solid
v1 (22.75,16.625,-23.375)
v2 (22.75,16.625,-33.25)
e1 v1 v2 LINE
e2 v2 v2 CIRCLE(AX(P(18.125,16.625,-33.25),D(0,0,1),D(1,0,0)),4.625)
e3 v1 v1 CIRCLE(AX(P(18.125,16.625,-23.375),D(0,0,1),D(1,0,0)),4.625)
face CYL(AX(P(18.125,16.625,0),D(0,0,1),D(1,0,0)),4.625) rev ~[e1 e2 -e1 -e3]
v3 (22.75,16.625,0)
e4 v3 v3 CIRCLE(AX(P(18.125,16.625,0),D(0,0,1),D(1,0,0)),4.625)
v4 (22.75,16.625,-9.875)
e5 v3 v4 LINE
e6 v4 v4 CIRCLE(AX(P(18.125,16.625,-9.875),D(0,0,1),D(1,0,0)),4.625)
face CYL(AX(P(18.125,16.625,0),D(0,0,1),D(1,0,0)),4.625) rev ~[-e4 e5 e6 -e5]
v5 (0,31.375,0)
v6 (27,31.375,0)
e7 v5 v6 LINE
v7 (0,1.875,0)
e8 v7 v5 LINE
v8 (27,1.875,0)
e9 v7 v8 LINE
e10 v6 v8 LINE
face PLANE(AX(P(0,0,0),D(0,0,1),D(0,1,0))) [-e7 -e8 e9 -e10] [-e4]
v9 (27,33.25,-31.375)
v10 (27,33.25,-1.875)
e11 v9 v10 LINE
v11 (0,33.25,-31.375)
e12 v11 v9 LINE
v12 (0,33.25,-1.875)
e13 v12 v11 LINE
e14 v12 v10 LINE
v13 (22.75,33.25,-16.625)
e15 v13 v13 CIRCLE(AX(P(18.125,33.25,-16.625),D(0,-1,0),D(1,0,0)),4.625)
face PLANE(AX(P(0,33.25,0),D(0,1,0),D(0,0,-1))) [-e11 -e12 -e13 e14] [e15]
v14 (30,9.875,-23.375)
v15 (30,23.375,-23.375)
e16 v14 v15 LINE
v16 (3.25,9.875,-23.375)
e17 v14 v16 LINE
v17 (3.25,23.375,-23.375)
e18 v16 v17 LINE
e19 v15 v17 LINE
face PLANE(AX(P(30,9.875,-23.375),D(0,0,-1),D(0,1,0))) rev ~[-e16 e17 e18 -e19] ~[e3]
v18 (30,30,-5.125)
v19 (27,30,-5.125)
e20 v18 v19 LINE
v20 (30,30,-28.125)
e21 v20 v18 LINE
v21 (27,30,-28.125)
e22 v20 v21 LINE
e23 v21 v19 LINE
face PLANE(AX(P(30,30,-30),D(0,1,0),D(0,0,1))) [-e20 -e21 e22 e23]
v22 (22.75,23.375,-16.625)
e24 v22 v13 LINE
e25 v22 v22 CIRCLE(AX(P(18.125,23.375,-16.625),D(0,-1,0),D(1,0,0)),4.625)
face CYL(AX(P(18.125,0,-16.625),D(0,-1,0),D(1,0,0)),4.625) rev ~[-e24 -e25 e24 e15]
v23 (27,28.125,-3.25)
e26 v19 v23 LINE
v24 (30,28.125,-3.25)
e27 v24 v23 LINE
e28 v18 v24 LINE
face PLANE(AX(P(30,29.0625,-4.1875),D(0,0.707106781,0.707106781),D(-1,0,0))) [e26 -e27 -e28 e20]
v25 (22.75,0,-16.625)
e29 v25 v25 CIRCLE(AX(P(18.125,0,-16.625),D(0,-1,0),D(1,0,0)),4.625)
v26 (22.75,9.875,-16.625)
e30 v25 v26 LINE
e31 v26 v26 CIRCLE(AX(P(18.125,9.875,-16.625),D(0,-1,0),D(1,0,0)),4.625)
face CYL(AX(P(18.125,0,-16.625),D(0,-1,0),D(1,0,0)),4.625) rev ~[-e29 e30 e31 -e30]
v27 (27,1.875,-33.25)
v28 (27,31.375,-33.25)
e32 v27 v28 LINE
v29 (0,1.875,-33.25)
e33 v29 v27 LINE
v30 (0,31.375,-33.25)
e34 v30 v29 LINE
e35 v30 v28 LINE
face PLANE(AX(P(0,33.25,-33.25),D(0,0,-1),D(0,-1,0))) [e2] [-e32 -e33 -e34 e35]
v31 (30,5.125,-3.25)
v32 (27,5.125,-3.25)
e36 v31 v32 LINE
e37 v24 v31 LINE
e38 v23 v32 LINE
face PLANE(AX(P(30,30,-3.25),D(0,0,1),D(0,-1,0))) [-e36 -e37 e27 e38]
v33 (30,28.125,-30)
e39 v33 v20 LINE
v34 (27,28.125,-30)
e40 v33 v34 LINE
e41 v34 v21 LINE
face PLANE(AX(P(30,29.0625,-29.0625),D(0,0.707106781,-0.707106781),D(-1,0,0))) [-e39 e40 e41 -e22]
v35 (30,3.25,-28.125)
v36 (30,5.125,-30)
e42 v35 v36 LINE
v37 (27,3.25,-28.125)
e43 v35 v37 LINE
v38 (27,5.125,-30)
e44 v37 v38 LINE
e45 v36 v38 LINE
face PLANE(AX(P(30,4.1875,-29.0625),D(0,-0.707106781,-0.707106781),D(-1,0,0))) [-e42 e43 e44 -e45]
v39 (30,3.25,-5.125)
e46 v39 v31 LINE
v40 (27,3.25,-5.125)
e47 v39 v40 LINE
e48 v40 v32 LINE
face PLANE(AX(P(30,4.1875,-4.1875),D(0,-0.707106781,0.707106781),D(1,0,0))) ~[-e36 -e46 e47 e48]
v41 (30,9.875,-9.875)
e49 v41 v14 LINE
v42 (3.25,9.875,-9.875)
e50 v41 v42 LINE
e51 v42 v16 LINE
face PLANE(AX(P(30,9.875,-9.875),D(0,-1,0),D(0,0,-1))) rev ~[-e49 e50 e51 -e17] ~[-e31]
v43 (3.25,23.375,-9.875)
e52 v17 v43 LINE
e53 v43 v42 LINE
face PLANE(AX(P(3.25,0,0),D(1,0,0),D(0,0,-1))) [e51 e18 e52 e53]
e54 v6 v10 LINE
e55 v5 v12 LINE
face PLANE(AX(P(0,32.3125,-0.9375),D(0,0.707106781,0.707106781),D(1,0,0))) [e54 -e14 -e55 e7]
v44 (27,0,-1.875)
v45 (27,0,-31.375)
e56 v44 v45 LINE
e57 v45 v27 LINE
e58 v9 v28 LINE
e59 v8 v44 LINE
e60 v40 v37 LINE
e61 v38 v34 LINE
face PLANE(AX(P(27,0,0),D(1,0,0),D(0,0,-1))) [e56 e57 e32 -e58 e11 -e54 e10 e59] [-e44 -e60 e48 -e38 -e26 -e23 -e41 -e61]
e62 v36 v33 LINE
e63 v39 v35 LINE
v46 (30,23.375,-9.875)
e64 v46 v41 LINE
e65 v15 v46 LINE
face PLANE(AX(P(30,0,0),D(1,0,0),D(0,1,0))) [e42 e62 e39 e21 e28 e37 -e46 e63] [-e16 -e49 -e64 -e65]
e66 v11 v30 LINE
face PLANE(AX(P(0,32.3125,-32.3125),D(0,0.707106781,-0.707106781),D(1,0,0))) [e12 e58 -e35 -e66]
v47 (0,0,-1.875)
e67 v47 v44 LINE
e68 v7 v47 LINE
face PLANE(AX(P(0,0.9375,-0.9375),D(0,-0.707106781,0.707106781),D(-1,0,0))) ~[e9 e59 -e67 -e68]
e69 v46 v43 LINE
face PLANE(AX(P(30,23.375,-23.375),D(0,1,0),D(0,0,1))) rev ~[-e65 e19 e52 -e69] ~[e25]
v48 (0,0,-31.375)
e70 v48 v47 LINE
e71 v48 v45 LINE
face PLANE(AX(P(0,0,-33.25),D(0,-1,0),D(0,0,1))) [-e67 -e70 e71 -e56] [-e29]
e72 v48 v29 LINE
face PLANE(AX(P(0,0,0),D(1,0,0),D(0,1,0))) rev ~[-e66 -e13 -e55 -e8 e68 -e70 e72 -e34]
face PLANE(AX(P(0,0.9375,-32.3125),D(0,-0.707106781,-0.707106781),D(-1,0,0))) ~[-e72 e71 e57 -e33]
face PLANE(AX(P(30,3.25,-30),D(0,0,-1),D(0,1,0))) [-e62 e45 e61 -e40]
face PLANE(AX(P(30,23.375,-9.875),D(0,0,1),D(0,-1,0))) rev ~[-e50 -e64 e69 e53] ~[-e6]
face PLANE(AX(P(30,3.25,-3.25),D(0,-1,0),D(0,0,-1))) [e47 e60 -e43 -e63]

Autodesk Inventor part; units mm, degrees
ref_plane "YZ Plane" through (0, 0, 0) normal (1, 0, 0) x (0, 1, 0)
ref_plane "XZ Plane" through (0, 0, 0) normal (0, 1, 0) x (-1, 0, 0)
ref_plane "XY Plane" through (0, 0, 0) normal (0, 0, 1) x (1, 0, 0)
sketch "Sketch1" plane through (0, 0, 0) normal (1, 0, 0) x (0, 1, 0)
  line L0 (0, 0) -> (33.25, 0)
  line L1 (33.25, 0) -> (33.25, -33.25)
  line L2 (33.25, -33.25) -> (0, -33.25)
  line L3 (0, -33.25) -> (0, 0)
  dimension "d0" = 33.25
  dimension "d1" = 33.25
extrude "Extrusion1" add sketch "Sketch1" along normal blind 30
sketch "Sketch2" plane through (30, 0, 0) normal (1, 0, 0) x (0, 0, -1)
  line L0 (3.25, 3.25) -> (30, 3.25)
  line L1 (30, 3.25) -> (30, 30)
  line L2 (30, 30) -> (3.25, 30)
  line L3 (3.25, 30) -> (3.25, 3.25)
  point P0 (0, 0)
  dimension "d4" = 26.75
  dimension "d5" = 26.75
sketch "Sketch3" plane through (30, 0, 0) normal (1, 0, 0) x (0, 0, -1)
  line L0 (33.25, 0) -> (33.25, 33.25) projected
  line L1 (0, 0) -> (33.25, 0)
  line L2 (33.25, 0) -> (33.25, 33.25)
  line L3 (33.25, 33.25) -> (0, 33.25)
  line L4 (0, 33.25) -> (0, 0)
sketch "Sketch4" plane through (30, 0, 0) normal (1, 0, 0) x (0, 0, -1)
  line L0 (3.25, 3.25) -> (30, 3.25)
  line L1 (30, 3.25) -> (30, 30)
  line L2 (30, 30) -> (3.25, 30)
  line L3 (3.25, 30) -> (3.25, 3.25)
  line L4 (0, 33.25) -> (0, 0) projected
  line L5 (33.25, 0) -> (33.25, 33.25) projected
  line L6 (0, 0) -> (33.25, 0)
  line L7 (33.25, 0) -> (33.25, 33.25)
  line L8 (33.25, 33.25) -> (0, 33.25)
  line L9 (0, 33.25) -> (0, 0)
  dimension "d6" = 26.75
  dimension "d7" = 26.75
extrude "Extrusion2" cut sketch "Sketch4" against normal blind 3
chamfer "Chamfer1" distance 1.875 angle 45 8 edges at (13.5, 33.25, 0) (13.5, 33.25, -33.25) (28.5, 30, -3.25) (28.5, 30, -30) (28.5, 3.25, -3.25) (13.5, 0, 0) (28.5, 3.25, -30) (13.5, 0, -33.25)
sketch "Sketch5" plane through (30, 0, 0) normal (1, 0, 0) x (0, 0, -1)
  line L0 (9.875, 9.875) -> (23.375, 9.875)
  line L1 (23.375, 9.875) -> (23.375, 23.375)
  line L2 (23.375, 23.375) -> (9.875, 23.375)
  line L3 (9.875, 23.375) -> (9.875, 9.875)
  line L4 (28.125, 30) -> (5.125, 30) projected
  line L5 (30, 5.125) -> (30, 28.125) projected
  line L6 (3.25, 3.25) -> (30, 3.25)
  line L7 (30, 3.25) -> (30, 30)
  line L8 (30, 30) -> (3.25, 30)
  line L9 (3.25, 30) -> (3.25, 3.25)
  point P0 (0, 0)
  dimension "d13" = 13.5
  dimension "d14" = 13.5
  dimension "d15" = 6.625
  dimension "d16" = 6.625
extrude "Extrusion3" cut sketch "Sketch5" against normal blind 26.75 contours L3 L2 L1 L0
sketch "Sketch6" plane through (0, 1.875, 0) normal (0, 0, 1) x (1, 0, 0)
  point P0 (0, -1.875)
sketch "Sketch7" plane through (0, 1.875, 0) normal (0, 0, 1) x (1, 0, 0)
  circle A0 centre (18.125, 14.75) radius 4.625
  point P0 (0, -1.875)
  dimension "d19" = 9.25
extrude "Extrusion4" cut sketch "Sketch7" against normal blind 33.25
sketch "Sketch8" plane through (0, 0, -31.375) normal (0, -1, 0) x (1, 0, 0)
  circle A0 centre (18.125, 14.75) radius 4.625
  point P0 (0, 31.375)
  dimension "d22" = 9.25
extrude "Extrusion5" cut sketch "Sketch8" against normal blind 33.25
thread "Thread1" size "M10x1.5" class "6H" standard "ANSI Metric M Profile" full length
thread "Thread2" size "M10x1.5" class "6H" standard "ANSI Metric M Profile" full length
thread "Thread3" size "M10x1.5" class "6H" standard "ANSI Metric M Profile" full length
thread "Thread4" size "M10x1.5" class "6H" standard "ANSI Metric M Profile" full length
properties part number "cuvette holder blockBASE"
